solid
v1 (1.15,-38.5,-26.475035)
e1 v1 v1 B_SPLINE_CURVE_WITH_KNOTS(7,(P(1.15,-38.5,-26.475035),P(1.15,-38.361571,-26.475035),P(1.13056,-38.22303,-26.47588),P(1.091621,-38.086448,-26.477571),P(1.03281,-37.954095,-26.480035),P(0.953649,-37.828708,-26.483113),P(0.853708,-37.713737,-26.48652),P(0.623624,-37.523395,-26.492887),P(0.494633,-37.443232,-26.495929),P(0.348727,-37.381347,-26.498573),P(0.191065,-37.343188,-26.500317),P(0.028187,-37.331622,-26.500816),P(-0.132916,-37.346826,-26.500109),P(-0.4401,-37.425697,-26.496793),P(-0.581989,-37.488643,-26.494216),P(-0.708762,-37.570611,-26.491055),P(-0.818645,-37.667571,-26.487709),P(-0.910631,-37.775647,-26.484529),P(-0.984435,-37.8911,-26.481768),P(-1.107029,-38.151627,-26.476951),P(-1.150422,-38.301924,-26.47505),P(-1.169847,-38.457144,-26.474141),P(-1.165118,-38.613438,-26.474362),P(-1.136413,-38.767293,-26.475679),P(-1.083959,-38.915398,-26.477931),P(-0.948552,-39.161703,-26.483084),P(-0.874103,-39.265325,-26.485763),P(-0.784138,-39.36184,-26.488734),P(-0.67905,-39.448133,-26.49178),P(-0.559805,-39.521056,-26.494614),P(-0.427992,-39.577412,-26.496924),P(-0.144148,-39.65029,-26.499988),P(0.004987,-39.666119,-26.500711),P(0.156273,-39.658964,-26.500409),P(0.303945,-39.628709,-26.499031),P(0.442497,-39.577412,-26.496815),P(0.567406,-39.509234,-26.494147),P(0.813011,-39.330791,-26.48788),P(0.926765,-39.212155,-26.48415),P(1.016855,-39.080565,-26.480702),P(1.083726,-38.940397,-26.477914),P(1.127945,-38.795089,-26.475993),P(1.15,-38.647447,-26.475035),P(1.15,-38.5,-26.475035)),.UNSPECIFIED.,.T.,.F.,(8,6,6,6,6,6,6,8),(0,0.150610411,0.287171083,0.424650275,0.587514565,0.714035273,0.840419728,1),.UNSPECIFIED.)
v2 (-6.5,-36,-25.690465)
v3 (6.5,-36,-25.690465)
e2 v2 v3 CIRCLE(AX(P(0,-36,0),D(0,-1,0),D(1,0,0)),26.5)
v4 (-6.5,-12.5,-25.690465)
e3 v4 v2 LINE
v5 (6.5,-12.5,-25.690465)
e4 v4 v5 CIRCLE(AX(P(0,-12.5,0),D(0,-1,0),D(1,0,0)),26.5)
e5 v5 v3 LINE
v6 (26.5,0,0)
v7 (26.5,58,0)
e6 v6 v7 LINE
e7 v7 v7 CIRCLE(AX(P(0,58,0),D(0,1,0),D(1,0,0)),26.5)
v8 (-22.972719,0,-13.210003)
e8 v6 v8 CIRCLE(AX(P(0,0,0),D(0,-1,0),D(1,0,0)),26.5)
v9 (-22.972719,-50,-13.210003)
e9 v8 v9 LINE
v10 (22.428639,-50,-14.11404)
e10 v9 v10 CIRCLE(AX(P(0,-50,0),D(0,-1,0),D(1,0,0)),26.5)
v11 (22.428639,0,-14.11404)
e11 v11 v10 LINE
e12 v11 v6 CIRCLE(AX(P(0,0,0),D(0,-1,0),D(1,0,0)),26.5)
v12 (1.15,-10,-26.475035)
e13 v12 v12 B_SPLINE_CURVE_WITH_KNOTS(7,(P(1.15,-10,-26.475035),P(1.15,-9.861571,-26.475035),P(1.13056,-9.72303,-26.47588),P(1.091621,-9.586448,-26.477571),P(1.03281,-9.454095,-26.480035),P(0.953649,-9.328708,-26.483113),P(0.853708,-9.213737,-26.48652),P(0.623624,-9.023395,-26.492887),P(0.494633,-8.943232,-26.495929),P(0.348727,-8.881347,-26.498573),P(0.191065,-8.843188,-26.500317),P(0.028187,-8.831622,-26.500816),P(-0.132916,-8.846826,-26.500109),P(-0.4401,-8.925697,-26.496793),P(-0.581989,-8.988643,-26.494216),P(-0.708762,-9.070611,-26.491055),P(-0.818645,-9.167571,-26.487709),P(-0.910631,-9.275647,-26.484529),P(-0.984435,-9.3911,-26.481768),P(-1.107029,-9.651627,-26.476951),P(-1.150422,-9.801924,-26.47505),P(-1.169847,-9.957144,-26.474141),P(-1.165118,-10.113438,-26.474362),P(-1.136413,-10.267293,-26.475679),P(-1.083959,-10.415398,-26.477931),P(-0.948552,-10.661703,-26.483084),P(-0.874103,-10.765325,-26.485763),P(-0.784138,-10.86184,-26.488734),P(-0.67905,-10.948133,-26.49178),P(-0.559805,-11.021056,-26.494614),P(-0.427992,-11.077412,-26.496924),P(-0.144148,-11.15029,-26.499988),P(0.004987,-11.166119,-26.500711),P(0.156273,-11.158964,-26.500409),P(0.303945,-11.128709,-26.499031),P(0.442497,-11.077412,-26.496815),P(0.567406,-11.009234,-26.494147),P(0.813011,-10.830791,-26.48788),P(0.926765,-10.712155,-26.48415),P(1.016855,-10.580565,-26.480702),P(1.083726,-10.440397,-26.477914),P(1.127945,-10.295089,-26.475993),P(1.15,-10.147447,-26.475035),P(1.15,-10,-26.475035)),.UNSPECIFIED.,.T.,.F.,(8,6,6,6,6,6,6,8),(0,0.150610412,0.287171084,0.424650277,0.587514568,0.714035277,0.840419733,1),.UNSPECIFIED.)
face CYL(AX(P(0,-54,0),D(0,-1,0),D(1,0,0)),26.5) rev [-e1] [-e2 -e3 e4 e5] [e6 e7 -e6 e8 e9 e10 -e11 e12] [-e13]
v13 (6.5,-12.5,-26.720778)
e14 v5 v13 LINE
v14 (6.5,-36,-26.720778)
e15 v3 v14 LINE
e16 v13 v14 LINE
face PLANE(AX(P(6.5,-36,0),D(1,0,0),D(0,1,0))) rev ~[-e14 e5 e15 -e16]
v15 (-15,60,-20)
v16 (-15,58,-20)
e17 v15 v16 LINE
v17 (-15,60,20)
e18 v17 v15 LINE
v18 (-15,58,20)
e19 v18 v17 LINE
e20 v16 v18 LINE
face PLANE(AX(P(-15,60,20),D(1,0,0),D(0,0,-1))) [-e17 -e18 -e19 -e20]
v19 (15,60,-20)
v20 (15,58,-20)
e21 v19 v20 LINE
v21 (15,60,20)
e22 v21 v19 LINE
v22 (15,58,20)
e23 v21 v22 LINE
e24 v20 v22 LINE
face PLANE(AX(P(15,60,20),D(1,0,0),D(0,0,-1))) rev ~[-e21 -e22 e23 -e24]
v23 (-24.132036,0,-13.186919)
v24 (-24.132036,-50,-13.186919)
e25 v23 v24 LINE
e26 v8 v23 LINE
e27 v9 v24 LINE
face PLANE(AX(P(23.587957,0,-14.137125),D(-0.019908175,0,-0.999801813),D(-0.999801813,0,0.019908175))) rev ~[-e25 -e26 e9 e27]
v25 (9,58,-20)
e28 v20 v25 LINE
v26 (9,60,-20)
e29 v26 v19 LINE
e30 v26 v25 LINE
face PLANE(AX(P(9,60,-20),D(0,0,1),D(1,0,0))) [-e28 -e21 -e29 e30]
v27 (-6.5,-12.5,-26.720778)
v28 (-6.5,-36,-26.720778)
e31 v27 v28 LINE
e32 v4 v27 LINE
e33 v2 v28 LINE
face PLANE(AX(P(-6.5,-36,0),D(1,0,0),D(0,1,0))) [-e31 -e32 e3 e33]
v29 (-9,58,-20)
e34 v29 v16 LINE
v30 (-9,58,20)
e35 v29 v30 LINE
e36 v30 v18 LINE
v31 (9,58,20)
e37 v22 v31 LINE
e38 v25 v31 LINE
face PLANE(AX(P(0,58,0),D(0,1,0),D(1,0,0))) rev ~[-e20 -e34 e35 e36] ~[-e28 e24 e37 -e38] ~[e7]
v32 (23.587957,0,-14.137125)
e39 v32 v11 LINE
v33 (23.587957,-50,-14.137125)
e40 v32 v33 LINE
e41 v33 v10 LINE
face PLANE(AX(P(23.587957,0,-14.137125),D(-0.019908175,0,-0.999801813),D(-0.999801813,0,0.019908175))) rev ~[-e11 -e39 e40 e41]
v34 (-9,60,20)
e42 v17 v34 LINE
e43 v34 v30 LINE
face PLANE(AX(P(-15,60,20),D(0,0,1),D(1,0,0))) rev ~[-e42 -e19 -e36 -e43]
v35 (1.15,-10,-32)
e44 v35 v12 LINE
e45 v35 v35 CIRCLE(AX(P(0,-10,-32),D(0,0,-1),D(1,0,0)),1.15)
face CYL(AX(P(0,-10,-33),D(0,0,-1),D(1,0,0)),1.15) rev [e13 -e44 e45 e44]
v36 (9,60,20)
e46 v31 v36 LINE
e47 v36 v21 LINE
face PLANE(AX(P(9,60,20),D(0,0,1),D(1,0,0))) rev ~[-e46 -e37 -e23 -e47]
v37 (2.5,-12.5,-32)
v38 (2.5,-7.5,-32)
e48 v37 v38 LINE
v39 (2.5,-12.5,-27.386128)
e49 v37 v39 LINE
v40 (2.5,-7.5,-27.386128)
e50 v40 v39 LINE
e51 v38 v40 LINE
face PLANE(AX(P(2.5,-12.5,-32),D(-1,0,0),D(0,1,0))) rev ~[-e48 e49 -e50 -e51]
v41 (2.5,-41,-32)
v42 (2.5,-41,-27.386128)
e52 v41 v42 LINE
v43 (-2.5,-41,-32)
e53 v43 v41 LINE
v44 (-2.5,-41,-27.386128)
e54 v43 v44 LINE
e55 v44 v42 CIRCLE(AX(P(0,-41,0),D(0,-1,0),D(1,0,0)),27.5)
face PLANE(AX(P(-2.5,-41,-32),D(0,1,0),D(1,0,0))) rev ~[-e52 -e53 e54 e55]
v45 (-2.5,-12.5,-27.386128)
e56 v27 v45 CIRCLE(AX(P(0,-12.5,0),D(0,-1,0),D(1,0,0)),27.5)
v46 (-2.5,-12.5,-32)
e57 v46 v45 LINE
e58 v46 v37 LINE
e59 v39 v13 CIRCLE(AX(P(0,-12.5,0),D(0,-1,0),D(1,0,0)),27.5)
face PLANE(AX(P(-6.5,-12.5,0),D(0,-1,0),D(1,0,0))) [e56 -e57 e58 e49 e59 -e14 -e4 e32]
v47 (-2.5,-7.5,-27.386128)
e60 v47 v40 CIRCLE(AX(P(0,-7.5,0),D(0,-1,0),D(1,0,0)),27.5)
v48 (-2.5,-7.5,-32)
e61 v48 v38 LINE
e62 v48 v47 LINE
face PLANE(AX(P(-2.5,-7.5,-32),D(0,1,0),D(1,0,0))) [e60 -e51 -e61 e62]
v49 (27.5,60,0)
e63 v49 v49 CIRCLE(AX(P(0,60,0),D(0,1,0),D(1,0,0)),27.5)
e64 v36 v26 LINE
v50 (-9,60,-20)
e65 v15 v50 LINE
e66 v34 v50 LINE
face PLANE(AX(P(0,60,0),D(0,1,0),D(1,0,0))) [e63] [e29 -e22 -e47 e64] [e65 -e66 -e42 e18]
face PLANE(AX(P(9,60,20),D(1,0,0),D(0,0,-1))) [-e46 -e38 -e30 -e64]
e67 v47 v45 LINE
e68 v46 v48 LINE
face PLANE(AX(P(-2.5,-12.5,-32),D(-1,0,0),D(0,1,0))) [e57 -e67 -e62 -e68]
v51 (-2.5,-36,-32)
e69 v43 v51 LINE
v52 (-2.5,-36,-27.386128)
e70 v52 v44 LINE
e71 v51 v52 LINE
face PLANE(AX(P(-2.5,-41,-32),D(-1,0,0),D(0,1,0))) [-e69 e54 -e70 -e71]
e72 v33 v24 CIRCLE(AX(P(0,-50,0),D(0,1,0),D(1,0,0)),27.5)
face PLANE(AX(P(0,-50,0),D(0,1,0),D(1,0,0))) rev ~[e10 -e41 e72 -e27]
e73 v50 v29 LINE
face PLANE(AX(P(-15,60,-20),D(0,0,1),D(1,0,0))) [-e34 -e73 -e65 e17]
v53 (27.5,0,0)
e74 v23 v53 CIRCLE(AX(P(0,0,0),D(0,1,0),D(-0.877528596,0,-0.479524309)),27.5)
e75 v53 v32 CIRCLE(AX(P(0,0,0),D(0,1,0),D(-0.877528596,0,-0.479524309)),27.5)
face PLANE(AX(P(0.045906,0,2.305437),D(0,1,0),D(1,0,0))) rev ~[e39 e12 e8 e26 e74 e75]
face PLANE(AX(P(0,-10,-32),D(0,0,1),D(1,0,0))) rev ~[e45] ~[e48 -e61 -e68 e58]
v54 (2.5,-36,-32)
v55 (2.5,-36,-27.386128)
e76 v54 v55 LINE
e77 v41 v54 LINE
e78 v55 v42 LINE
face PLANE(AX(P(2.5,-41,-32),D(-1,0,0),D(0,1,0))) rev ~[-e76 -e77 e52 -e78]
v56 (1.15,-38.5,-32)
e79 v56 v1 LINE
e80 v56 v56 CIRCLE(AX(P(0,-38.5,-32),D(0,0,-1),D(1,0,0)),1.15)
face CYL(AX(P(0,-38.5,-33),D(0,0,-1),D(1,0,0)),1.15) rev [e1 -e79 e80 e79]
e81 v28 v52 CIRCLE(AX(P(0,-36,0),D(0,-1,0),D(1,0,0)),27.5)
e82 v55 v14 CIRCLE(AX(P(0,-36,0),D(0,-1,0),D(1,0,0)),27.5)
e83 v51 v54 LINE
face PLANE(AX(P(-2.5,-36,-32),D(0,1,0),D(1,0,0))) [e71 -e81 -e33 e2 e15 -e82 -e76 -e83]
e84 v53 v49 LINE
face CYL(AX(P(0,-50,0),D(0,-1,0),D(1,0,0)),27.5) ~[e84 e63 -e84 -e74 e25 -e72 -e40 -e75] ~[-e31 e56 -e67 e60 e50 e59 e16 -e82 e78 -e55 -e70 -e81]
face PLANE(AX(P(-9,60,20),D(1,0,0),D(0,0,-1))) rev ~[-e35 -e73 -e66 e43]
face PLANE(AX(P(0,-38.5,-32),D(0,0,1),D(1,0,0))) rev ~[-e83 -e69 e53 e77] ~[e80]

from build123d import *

# Parameters (mm, degrees)
EXTRUDE_1_DEPTH           = 60
EXTRUDE_1_DEPTH_BACK      = 50
SKETCH_1_R                = 27.5
SKETCH_10_W               = 6
SKETCH_10_H               = 40
CUT_EXTRUDE_8_DEPTH       = 8.1
CUT_EXTRUDE_9_DEPTH       = 10
CUT_EXTRUDE_9_DEPTH_BACK  = 10
SKETCH_10_2_W             = 6
SKETCH_10_2_H             = 40
CUT_EXTRUDE_10_DEPTH      = 54
CUT_EXTRUDE_11_DEPTH      = 58
CUT_EXTRUDE_11_DEPTH_BACK = 54
SKETCH_12_R               = 26.5
SKETCH_13_W               = 13
SKETCH_13_H               = 23.5
CUT_EXTRUDE_12_DEPTH      = 54
EXTRUDE_2_DEPTH           = 1
EXTRUDE_2_DEPTH_BACK      = 4
SKETCH_14_W               = 5
SKETCH_14_H               = 5
CUT_EXTRUDE_13_DEPTH      = 4
CUT_EXTRUDE_13_DEPTH_BACK = 5
SKETCH_15_R               = 1.15


with BuildPart() as part:
    # 草圖1 → 填料-伸長1 (new, two sides: drawn at the far end of the back side and taken through both)
    with BuildSketch(Plane(origin=(0, 0, 0), x_dir=(1, 0, 0), z_dir=(0, 1, 0)).offset(-EXTRUDE_1_DEPTH_BACK)):
        Circle(SKETCH_1_R)
    extrude(amount=EXTRUDE_1_DEPTH + EXTRUDE_1_DEPTH_BACK)

    # 草圖10 → 除料-伸長8 (cut)
    with BuildSketch(Plane(origin=(0, 60, 0), x_dir=(1, 0, 0), z_dir=(0, 1, 0))):
        with Locations((-12, 0)):
            Rectangle(SKETCH_10_W, SKETCH_10_H)
        with Locations((12, 0)):
            Rectangle(SKETCH_10_W, SKETCH_10_H)
    extrude(amount=-CUT_EXTRUDE_8_DEPTH, mode=Mode.SUBTRACT)

    # 草圖10<2> → 除料-伸長9 (cut, two sides: drawn at the far end of the back side and taken through both)
    with BuildSketch(Plane(origin=(0, 60, 0), x_dir=(1, 0, 0), z_dir=(0, 1, 0)).offset(-CUT_EXTRUDE_9_DEPTH_BACK)):
        with Locations((-12, 0)):
            Rectangle(SKETCH_10_2_W, SKETCH_10_2_H)
        with Locations((12, 0)):
            Rectangle(SKETCH_10_2_W, SKETCH_10_2_H)
    extrude(amount=CUT_EXTRUDE_9_DEPTH + CUT_EXTRUDE_9_DEPTH_BACK, mode=Mode.SUBTRACT)

    # 草圖11 → 除料-伸長10 (cut)
    with BuildSketch(Plane(origin=(0, 0, 0), x_dir=(1, 0, 0), z_dir=(0, 1, 0))):
        with BuildLine():
            Line((23.587956714, 14.137124816), (-24.13203639, 13.186918505))
            ThreePointArc((-24.13203639, 13.186918505), (0.547474823, -27.494549848), (23.587956714, 14.137124816))
        make_face()
    extrude(amount=-CUT_EXTRUDE_10_DEPTH, mode=Mode.SUBTRACT)

    # 草圖12 → 除料-伸長11 (cut, two sides: drawn at the far end of the back side and taken through both)
    with BuildSketch(Plane(origin=(0, 0, 0), x_dir=(1, 0, 0), z_dir=(0, 1, 0)).offset(-CUT_EXTRUDE_11_DEPTH_BACK)):
        Circle(SKETCH_12_R)
    extrude(amount=CUT_EXTRUDE_11_DEPTH + CUT_EXTRUDE_11_DEPTH_BACK, mode=Mode.SUBTRACT)

    # 草圖13 → 除料-伸長12 (cut)
    with BuildSketch(Plane.XY):
        with Locations((0, -24.25)):
            Rectangle(SKETCH_13_W, SKETCH_13_H)
    extrude(amount=-CUT_EXTRUDE_12_DEPTH, mode=Mode.SUBTRACT)

    # 草圖14 → 填料-伸長2 (add, two sides: drawn at the far end of the back side and taken through both)
    with BuildSketch(Plane.XY.offset(-28).offset(-EXTRUDE_2_DEPTH_BACK)):
        with Locations((0, -38.5)):
            Rectangle(SKETCH_14_W, SKETCH_14_H)
        with Locations((0, -10)):
            Rectangle(SKETCH_14_W, SKETCH_14_H)
    extrude(amount=EXTRUDE_2_DEPTH + EXTRUDE_2_DEPTH_BACK)

    # 草圖15 → 除料-伸長13 (cut, two sides: drawn at the far end of the back side and taken through both)
    with BuildSketch(Plane.XY.offset(-28).offset(-CUT_EXTRUDE_13_DEPTH_BACK)):
        with Locations((0, -10)):
            Circle(SKETCH_15_R)
        with Locations((0, -38.5)):
            Circle(SKETCH_15_R)
    extrude(amount=CUT_EXTRUDE_13_DEPTH + CUT_EXTRUDE_13_DEPTH_BACK, mode=Mode.SUBTRACT)


solid = part.part
